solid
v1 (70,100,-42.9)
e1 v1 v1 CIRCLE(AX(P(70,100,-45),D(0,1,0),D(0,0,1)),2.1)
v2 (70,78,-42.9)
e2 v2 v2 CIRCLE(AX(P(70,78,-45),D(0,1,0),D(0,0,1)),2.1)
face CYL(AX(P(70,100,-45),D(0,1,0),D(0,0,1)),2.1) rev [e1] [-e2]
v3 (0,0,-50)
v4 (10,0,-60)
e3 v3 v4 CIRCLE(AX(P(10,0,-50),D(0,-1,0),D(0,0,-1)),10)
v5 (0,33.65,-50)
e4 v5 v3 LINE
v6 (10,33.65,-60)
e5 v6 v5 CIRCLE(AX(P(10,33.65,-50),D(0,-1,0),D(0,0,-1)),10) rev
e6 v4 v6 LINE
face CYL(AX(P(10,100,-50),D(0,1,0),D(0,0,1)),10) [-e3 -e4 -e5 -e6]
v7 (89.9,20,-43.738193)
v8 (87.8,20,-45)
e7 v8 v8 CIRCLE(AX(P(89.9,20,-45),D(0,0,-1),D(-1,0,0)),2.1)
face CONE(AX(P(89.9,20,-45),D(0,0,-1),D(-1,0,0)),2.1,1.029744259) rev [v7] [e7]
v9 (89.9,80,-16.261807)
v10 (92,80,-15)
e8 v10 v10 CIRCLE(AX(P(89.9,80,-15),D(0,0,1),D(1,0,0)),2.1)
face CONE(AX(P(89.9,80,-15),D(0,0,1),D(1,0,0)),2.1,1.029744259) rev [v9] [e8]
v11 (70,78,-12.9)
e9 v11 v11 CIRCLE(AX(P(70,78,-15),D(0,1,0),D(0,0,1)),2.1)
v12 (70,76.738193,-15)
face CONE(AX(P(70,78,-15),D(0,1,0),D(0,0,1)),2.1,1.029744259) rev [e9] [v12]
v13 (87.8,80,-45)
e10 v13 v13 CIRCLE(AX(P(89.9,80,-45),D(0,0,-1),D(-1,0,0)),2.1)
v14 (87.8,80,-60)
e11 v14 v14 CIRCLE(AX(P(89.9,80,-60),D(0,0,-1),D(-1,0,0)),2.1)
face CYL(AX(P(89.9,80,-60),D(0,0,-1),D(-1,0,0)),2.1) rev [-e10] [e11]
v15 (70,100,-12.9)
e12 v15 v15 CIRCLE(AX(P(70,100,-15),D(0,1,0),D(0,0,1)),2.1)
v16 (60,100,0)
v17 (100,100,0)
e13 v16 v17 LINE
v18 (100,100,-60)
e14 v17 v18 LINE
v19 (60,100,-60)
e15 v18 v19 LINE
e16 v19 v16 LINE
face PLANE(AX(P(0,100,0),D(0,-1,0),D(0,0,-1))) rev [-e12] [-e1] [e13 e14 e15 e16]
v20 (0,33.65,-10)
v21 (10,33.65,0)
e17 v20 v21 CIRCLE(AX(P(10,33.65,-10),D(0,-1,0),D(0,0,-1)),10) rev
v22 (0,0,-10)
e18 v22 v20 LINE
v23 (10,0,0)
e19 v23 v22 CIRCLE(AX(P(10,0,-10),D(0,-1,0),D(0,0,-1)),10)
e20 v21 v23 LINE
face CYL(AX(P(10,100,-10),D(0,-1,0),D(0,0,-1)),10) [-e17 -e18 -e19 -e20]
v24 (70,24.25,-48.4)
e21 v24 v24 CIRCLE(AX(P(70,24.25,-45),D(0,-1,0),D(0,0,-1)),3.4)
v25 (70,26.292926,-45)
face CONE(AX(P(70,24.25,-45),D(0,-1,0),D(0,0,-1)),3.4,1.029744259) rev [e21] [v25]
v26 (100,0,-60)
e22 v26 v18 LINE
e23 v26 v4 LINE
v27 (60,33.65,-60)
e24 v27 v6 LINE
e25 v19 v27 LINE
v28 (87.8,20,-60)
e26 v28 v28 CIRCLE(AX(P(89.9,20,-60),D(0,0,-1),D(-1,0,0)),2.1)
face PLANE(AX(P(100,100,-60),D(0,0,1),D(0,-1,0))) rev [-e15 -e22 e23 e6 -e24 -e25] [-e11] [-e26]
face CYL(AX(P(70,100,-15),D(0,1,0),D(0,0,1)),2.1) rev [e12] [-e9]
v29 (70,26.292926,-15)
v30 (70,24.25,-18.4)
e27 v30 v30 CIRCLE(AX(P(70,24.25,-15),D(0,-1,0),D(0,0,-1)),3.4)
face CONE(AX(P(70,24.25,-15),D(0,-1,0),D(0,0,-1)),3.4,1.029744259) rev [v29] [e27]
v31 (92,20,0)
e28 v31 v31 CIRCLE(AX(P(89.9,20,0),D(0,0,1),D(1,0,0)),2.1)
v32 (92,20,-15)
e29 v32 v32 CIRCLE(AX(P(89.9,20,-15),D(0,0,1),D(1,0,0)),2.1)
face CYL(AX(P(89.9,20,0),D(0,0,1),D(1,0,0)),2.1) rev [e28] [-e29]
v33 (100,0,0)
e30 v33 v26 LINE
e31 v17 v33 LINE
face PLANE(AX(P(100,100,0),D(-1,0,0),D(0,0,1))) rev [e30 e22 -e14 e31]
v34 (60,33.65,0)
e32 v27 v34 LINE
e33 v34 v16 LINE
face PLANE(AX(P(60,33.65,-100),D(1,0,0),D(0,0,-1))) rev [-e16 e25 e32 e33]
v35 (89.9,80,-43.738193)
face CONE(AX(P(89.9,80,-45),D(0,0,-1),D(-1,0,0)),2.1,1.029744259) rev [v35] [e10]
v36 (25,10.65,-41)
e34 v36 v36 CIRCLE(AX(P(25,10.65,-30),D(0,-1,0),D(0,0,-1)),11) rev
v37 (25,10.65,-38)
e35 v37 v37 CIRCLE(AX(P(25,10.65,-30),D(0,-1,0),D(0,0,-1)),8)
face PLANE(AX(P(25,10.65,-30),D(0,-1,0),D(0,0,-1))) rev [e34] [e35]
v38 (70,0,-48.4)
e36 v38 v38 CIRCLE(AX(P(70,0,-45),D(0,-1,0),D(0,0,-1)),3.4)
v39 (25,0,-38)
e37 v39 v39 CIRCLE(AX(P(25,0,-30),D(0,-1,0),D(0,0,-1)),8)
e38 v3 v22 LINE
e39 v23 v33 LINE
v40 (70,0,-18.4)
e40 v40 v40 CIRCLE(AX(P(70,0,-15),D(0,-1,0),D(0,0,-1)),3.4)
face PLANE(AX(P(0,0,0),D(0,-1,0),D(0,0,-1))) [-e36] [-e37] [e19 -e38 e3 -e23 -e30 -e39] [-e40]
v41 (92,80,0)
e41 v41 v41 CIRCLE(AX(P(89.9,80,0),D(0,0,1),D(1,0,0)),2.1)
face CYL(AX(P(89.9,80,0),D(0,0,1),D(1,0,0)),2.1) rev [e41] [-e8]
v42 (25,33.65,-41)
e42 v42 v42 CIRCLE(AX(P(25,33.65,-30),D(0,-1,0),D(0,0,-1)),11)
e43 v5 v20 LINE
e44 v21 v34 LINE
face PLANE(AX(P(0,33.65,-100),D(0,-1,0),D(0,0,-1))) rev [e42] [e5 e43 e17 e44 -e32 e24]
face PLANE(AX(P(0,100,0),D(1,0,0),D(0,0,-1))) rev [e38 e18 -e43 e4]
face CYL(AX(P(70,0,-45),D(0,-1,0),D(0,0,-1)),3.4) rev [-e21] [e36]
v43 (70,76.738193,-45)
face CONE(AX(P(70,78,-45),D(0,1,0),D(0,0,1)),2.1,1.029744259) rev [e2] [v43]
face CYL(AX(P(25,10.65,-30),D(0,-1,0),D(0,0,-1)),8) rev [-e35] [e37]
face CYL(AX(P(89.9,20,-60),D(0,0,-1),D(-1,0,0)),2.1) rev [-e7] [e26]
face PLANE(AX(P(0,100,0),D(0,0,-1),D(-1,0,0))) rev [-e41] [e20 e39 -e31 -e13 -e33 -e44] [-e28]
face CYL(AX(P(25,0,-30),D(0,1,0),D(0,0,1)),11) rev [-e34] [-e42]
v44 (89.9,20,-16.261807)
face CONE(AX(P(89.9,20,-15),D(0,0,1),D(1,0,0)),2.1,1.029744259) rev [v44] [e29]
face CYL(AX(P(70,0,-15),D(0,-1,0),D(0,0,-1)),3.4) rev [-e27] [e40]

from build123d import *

# Parameters (mm, degrees)
SKETCH1_W                  = 100
SKETCH1_H                  = 100
BOSS_EXTRUDE1_DEPTH        = 100
SKETCH2_W                  = 60
SKETCH2_H                  = 100
CUT_EXTRUDE1_DEPTH         = 174.205080757
CUT_EXTRUDE2_DEPTH         = 157.212427483
CUT_EXTRUDE2_DEPTH_BACK    = 157.212427483
SKETCH3_R                  = 11
SKETCH4_W                  = 40
SKETCH4_H                  = 100
CUT_EXTRUDE3_DEPTH         = 174.205080757
BOSS_EXTRUDE2_START        = -10.65
SKETCH5_R                  = 11
SKETCH5_R_2                = 8
BOSS_EXTRUDE2_DEPTH        = 10.65
M5_TAPPED_HOLE1_AT_2_COUNT = 2
M5_TAPPED_HOLE1_AT_2_PITCH = 60
M5_TAPPED_HOLE2_D          = 4.2
M5_TAPPED_HOLE2_DEPTH      = 22
M5_TAPPED_HOLE2_TIP        = 1.2618073
M8_TAPPED_HOLE1_D          = 6.8
M8_TAPPED_HOLE1_DEPTH      = 24.25
M8_TAPPED_HOLE1_TIP        = 2.042926105
FILLET3_R                  = 10


with BuildPart() as part:
    # Sketch1 → Boss-Extrude1 (new body)
    with BuildSketch(Plane(origin=(0, 0, 0), x_dir=(1, 0, 0), z_dir=(0, 1, 0))):
        with Locations((50, 50)):
            Rectangle(SKETCH1_W, SKETCH1_H)
    extrude(amount=BOSS_EXTRUDE1_DEPTH)

    # Sketch2 → Cut-Extrude1 (cut, through all)
    with BuildSketch(Plane.XY):
        with Locations((30, 83.65)):
            Rectangle(SKETCH2_W, SKETCH2_H)
    extrude(amount=-CUT_EXTRUDE1_DEPTH, mode=Mode.SUBTRACT)

    # Sketch3 → Cut-Extrude2 (cut, two sides: drawn at the far end of the back side and taken through both)
    with BuildSketch(Plane(origin=(0, 33.65, 0), x_dir=(1, 0, 0), z_dir=(0, 1, 0)).offset(-CUT_EXTRUDE2_DEPTH_BACK)):
        with Locations((25, 30)):
            Circle(SKETCH3_R)
    extrude(amount=CUT_EXTRUDE2_DEPTH + CUT_EXTRUDE2_DEPTH_BACK, mode=Mode.SUBTRACT)

    # Sketch4 → Cut-Extrude3 (cut, through all)
    with BuildSketch(Plane.ZY):
        with Locations((-80, 50)):
            Rectangle(SKETCH4_W, SKETCH4_H)
    extrude(amount=-CUT_EXTRUDE3_DEPTH, mode=Mode.SUBTRACT)

    # Sketch5 → Boss-Extrude2 (add)
    with BuildSketch(Plane.XZ.offset(BOSS_EXTRUDE2_START)):
        with Locations((25, -30)):
            Circle(SKETCH5_R)
        with Locations((25, -30)):
            Circle(SKETCH5_R_2, mode=Mode.SUBTRACT)
    extrude(amount=BOSS_EXTRUDE2_DEPTH)

    # Sketch11 → M5 Tapped Hole1 (revolve, cut)
    with BuildSketch(Plane(origin=(89.9, 80, 0), x_dir=(0, -1, 0), z_dir=(1, 0, 0))):
        Polygon((0, 0), (0, 16.2618073), (2.1, 15), (2.1, 0), align=None)
    m5_tapped_hole1 = revolve(axis=Axis((89.9, 80, 6.35), (0, 0, -1)), mode=Mode.SUBTRACT)

    # M5 Tapped Hole1 at 2: M5 Tapped Hole1 ×2
    with Locations(*[(0, -i * M5_TAPPED_HOLE1_AT_2_PITCH, 0) for i in range(1, M5_TAPPED_HOLE1_AT_2_COUNT)]):
        add(m5_tapped_hole1, mode=Mode.SUBTRACT)

    # Mirror1: M5 Tapped Hole1 across plane
    add(m5_tapped_hole1.mirror(Plane.XY.offset(-30)), mode=Mode.SUBTRACT)

    # Mirror1 copy 1 sketch → Mirror1 copy 1 (revolve, cut)
    with BuildSketch(Plane(origin=(89.9, 20, -60), x_dir=(0, -1, 0), z_dir=(1, 0, 0))):
        Polygon((0, 0), (0, -16.2618073), (2.1, -15), (2.1, 0), align=None)
    revolve(axis=Axis((89.9, 20, -66.35), (0, 0, -1)), mode=Mode.SUBTRACT)

    # M5 Tapped Hole2
    with Locations(Plane(origin=(0, 100, 0), x_dir=(1, 0, 0), z_dir=(0, 1, 0))):
        with Locations((70, 45), (70, 15)):
            Hole(M5_TAPPED_HOLE2_D / 2, depth=M5_TAPPED_HOLE2_DEPTH)
            with Locations((0, 0, -(M5_TAPPED_HOLE2_DEPTH + M5_TAPPED_HOLE2_TIP / 2))):  # 118° drill point
                Cone(0, M5_TAPPED_HOLE2_D / 2, M5_TAPPED_HOLE2_TIP, mode=Mode.SUBTRACT)

    # M8 Tapped Hole1
    with Locations(Plane(origin=(0, 0, 0), x_dir=(-1, 0, 0), z_dir=(0, -1, 0))):
        with Locations((-70, 15), (-70, 45)):
            Hole(M8_TAPPED_HOLE1_D / 2, depth=M8_TAPPED_HOLE1_DEPTH)
            with Locations((0, 0, -(M8_TAPPED_HOLE1_DEPTH + M8_TAPPED_HOLE1_TIP / 2))):  # 118° drill point
                Cone(0, M8_TAPPED_HOLE1_D / 2, M8_TAPPED_HOLE1_TIP, mode=Mode.SUBTRACT)

    # Fillet3
    fillet3_edges = [part.edges().sort_by_distance(p)[0] for p in [
        (0, 16.825, 0),
        (0, 16.825, -60),
    ]]
    fillet(fillet3_edges, radius=FILLET3_R)


solid = part.part
